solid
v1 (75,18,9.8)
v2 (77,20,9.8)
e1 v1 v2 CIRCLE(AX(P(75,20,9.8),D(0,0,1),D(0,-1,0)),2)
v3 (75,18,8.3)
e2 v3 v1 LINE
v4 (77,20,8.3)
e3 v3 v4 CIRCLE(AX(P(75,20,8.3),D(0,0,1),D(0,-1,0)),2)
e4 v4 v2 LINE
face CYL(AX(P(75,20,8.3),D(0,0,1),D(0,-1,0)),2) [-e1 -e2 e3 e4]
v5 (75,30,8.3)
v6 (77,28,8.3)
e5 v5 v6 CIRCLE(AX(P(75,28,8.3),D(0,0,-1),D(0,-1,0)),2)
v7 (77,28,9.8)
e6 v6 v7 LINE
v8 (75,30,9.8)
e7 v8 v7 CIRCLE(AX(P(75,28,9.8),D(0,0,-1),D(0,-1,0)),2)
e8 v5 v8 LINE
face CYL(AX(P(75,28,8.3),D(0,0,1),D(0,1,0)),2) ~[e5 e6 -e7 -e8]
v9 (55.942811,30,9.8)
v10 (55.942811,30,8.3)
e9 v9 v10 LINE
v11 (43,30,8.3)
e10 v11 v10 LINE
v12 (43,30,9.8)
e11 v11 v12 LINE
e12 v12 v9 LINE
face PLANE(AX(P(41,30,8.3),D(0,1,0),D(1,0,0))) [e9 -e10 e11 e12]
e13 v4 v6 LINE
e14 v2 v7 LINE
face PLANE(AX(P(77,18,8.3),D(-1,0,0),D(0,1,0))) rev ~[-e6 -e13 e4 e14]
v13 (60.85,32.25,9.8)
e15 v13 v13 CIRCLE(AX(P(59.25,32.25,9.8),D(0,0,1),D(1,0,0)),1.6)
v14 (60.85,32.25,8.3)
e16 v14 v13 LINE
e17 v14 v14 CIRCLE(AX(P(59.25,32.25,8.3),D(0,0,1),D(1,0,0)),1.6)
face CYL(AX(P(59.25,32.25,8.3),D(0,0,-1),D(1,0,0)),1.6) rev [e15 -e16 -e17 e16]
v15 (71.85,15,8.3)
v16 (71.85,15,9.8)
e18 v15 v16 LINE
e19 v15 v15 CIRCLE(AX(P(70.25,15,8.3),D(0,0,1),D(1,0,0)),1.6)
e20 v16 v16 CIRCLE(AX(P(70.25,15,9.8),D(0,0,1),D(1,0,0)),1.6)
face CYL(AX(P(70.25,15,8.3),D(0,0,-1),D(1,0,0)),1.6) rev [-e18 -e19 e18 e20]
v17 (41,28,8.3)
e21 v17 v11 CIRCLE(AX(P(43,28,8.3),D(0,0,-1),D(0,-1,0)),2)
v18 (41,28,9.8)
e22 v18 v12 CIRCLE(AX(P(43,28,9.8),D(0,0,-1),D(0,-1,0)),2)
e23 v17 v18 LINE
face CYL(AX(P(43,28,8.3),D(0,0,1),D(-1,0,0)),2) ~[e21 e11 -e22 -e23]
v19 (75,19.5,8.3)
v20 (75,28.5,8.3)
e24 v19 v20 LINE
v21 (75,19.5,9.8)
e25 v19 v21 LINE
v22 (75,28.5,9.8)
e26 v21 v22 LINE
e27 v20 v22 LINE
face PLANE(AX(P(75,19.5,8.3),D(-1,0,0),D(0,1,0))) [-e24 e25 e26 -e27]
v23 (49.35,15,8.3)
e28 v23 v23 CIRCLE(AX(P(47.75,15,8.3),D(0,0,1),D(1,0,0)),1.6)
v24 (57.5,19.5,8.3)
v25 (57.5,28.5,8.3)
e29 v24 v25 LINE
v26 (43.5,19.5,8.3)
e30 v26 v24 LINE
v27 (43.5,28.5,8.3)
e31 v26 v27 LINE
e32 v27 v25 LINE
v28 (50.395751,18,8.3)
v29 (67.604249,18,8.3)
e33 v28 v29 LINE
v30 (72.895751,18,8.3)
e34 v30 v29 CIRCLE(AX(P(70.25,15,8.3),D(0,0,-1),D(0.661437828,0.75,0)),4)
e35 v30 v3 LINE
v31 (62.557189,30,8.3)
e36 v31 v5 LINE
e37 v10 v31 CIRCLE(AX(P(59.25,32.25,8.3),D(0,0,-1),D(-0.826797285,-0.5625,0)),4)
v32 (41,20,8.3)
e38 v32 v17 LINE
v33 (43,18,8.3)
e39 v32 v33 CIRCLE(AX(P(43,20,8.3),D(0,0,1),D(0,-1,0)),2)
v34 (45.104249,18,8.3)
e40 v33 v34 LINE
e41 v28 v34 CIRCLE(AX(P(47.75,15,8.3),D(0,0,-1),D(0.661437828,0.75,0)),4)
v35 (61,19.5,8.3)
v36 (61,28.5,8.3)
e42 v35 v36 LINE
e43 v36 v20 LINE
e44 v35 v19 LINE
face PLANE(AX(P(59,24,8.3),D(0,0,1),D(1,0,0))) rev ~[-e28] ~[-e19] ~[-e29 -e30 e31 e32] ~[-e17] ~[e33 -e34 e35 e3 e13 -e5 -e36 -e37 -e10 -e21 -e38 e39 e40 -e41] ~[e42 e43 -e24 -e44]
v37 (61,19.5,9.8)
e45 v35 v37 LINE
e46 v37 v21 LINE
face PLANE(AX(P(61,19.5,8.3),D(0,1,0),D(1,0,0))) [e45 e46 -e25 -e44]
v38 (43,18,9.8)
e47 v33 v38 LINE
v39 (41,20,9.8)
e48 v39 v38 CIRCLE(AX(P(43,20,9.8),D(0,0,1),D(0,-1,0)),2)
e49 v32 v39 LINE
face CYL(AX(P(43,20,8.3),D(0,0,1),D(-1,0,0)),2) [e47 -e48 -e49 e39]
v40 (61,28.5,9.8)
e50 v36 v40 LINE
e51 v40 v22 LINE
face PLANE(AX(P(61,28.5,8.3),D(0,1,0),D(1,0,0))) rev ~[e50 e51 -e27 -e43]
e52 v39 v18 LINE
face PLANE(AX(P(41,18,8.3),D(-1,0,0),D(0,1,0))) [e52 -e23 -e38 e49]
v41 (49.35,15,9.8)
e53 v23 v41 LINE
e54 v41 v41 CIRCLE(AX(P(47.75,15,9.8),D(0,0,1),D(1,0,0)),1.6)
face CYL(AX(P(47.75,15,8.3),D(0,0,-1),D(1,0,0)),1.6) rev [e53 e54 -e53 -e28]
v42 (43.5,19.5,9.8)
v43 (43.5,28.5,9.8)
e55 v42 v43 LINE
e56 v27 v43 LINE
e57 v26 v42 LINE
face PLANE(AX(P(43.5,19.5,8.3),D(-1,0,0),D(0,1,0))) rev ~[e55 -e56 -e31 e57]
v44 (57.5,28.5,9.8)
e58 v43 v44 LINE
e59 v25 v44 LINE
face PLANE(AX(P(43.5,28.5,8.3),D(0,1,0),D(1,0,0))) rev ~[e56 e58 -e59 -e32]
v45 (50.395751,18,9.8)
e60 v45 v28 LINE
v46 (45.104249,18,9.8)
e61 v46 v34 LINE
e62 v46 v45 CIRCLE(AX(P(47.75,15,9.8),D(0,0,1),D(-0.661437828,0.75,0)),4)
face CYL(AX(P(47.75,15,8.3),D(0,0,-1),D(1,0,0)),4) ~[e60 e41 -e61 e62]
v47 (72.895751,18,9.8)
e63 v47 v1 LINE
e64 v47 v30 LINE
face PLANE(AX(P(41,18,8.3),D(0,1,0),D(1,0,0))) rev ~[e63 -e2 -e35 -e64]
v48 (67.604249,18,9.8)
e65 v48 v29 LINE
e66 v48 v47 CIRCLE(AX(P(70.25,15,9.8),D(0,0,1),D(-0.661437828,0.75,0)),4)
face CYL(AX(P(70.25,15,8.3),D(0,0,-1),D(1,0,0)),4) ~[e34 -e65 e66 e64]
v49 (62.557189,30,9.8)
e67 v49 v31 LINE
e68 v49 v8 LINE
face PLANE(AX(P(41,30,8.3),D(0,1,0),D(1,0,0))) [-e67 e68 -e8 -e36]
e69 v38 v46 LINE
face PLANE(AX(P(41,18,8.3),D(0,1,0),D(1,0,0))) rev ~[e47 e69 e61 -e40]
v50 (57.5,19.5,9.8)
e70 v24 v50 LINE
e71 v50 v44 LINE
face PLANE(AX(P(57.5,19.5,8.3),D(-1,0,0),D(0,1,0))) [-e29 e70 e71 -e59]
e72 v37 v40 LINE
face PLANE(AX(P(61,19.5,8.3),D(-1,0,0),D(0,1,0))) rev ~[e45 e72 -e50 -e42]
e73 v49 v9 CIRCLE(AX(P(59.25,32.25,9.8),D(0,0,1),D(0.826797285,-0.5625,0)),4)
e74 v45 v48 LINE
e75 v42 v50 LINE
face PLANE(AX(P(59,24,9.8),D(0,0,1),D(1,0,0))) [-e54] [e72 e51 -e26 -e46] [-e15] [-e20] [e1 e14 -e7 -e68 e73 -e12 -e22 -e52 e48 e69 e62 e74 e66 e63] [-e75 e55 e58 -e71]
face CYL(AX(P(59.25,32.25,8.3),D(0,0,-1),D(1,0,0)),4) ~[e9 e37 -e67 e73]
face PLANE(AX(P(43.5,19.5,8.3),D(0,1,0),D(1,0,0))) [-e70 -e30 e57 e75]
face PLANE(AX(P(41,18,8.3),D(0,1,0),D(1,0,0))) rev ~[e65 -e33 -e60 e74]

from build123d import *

# Parameters (mm, degrees)
CYLINDER081_R     = 1.6
CYLINDER081_DEPTH = 1.5
CYLINDER082_R     = 4
CYLINDER082_DEPTH = 1.5
CYLINDER083_R     = 1.6
CYLINDER083_DEPTH = 1.5
CYLINDER084_R     = 4
CYLINDER084_DEPTH = 1.5
BOX207_W          = 14
BOX207_H          = 9
BOX207_DEPTH      = 1.5
BOX206_W          = 14
BOX206_H          = 9
BOX206_DEPTH      = 1.5
BOX205_W          = 36
BOX205_H          = 12
BOX205_DEPTH      = 1.5
FILLET050_R       = 2
CYLINDER080_R     = 1.6
CYLINDER080_DEPTH = 1.5
CYLINDER079_R     = 4
CYLINDER079_DEPTH = 1.5


with BuildPart() as cylinder162:
    # Cylinder081 → Cylinder081 (new body)
    with BuildSketch(Plane(origin=(70.25, 15, 8.3), x_dir=(1, 0, 0), z_dir=(0, 0, 1))):
        Circle(CYLINDER081_R)
    extrude(amount=CYLINDER081_DEPTH)


with BuildPart() as cut104:
    # Cylinder082 → Cylinder082 (new body)
    with BuildSketch(Plane(origin=(70.25, 15, 8.3), x_dir=(1, 0, 0), z_dir=(0, 0, 1))):
        Circle(CYLINDER082_R)
    extrude(amount=CYLINDER082_DEPTH)

    # Cut104: cut Cylinder162
    add(cylinder162.part, mode=Mode.SUBTRACT)


with BuildPart() as cylinder164:
    # Cylinder083 → Cylinder083 (new body)
    with BuildSketch(Plane(origin=(59.25, 32.25, 8.3), x_dir=(1, 0, 0), z_dir=(0, 0, 1))):
        Circle(CYLINDER083_R)
    extrude(amount=CYLINDER083_DEPTH)


with BuildPart() as cut105:
    # Cylinder084 → Cylinder084 (new body)
    with BuildSketch(Plane(origin=(59.25, 32.25, 8.3), x_dir=(1, 0, 0), z_dir=(0, 0, 1))):
        Circle(CYLINDER084_R)
    extrude(amount=CYLINDER084_DEPTH)

    # Cut105: cut Cylinder164
    add(cylinder164.part, mode=Mode.SUBTRACT)


with BuildPart() as cube196:
    # Box207 → Box207 (new body)
    with BuildSketch(Plane(origin=(61, 19.5, 8.3), x_dir=(1, 0, 0), z_dir=(0, 0, 1))):
        with Locations((7, 4.5)):
            Rectangle(BOX207_W, BOX207_H)
    extrude(amount=BOX207_DEPTH)


with BuildPart() as cube195:
    # Box206 → Box206 (new body)
    with BuildSketch(Plane(origin=(43.5, 19.5, 8.3), x_dir=(1, 0, 0), z_dir=(0, 0, 1))):
        with Locations((7, 4.5)):
            Rectangle(BOX206_W, BOX206_H)
    extrude(amount=BOX206_DEPTH)


with BuildPart() as fillet050:
    # Box205 → Box205 (new body)
    with BuildSketch(Plane(origin=(41, 18, 8.3), x_dir=(1, 0, 0), z_dir=(0, 0, 1))):
        with Locations((18, 6)):
            Rectangle(BOX205_W, BOX205_H)
    extrude(amount=BOX205_DEPTH)

    # Cut106: cut Cube195
    add(cube195.part, mode=Mode.SUBTRACT)

    # Cut107: cut Cube196
    add(cube196.part, mode=Mode.SUBTRACT)

    # Fillet050
    fillet050_edges = [fillet050.edges().sort_by_distance(p)[0] for p in [
        (41, 18, 9.05),
        (41, 30, 9.05),
        (77, 18, 9.05),
        (77, 30, 9.05),
    ]]
    fillet(fillet050_edges, radius=FILLET050_R)


with BuildPart() as cylinder161:
    # Cylinder080 → Cylinder080 (new body)
    with BuildSketch(Plane(origin=(47.75, 15, 8.3), x_dir=(1, 0, 0), z_dir=(0, 0, 1))):
        Circle(CYLINDER080_R)
    extrude(amount=CYLINDER080_DEPTH)


with BuildPart() as fusion064:
    # Cylinder079 → Cylinder079 (new body)
    with BuildSketch(Plane(origin=(47.75, 15, 8.3), x_dir=(1, 0, 0), z_dir=(0, 0, 1))):
        Circle(CYLINDER079_R)
    extrude(amount=CYLINDER079_DEPTH)

    # Cut103: cut Cylinder161
    add(cylinder161.part, mode=Mode.SUBTRACT)

    # Fusion064: union Cut104, Cut105, Fillet050
    add(cut104.part)
    add(cut105.part)
    add(fillet050.part)


solid = fusion064.part
